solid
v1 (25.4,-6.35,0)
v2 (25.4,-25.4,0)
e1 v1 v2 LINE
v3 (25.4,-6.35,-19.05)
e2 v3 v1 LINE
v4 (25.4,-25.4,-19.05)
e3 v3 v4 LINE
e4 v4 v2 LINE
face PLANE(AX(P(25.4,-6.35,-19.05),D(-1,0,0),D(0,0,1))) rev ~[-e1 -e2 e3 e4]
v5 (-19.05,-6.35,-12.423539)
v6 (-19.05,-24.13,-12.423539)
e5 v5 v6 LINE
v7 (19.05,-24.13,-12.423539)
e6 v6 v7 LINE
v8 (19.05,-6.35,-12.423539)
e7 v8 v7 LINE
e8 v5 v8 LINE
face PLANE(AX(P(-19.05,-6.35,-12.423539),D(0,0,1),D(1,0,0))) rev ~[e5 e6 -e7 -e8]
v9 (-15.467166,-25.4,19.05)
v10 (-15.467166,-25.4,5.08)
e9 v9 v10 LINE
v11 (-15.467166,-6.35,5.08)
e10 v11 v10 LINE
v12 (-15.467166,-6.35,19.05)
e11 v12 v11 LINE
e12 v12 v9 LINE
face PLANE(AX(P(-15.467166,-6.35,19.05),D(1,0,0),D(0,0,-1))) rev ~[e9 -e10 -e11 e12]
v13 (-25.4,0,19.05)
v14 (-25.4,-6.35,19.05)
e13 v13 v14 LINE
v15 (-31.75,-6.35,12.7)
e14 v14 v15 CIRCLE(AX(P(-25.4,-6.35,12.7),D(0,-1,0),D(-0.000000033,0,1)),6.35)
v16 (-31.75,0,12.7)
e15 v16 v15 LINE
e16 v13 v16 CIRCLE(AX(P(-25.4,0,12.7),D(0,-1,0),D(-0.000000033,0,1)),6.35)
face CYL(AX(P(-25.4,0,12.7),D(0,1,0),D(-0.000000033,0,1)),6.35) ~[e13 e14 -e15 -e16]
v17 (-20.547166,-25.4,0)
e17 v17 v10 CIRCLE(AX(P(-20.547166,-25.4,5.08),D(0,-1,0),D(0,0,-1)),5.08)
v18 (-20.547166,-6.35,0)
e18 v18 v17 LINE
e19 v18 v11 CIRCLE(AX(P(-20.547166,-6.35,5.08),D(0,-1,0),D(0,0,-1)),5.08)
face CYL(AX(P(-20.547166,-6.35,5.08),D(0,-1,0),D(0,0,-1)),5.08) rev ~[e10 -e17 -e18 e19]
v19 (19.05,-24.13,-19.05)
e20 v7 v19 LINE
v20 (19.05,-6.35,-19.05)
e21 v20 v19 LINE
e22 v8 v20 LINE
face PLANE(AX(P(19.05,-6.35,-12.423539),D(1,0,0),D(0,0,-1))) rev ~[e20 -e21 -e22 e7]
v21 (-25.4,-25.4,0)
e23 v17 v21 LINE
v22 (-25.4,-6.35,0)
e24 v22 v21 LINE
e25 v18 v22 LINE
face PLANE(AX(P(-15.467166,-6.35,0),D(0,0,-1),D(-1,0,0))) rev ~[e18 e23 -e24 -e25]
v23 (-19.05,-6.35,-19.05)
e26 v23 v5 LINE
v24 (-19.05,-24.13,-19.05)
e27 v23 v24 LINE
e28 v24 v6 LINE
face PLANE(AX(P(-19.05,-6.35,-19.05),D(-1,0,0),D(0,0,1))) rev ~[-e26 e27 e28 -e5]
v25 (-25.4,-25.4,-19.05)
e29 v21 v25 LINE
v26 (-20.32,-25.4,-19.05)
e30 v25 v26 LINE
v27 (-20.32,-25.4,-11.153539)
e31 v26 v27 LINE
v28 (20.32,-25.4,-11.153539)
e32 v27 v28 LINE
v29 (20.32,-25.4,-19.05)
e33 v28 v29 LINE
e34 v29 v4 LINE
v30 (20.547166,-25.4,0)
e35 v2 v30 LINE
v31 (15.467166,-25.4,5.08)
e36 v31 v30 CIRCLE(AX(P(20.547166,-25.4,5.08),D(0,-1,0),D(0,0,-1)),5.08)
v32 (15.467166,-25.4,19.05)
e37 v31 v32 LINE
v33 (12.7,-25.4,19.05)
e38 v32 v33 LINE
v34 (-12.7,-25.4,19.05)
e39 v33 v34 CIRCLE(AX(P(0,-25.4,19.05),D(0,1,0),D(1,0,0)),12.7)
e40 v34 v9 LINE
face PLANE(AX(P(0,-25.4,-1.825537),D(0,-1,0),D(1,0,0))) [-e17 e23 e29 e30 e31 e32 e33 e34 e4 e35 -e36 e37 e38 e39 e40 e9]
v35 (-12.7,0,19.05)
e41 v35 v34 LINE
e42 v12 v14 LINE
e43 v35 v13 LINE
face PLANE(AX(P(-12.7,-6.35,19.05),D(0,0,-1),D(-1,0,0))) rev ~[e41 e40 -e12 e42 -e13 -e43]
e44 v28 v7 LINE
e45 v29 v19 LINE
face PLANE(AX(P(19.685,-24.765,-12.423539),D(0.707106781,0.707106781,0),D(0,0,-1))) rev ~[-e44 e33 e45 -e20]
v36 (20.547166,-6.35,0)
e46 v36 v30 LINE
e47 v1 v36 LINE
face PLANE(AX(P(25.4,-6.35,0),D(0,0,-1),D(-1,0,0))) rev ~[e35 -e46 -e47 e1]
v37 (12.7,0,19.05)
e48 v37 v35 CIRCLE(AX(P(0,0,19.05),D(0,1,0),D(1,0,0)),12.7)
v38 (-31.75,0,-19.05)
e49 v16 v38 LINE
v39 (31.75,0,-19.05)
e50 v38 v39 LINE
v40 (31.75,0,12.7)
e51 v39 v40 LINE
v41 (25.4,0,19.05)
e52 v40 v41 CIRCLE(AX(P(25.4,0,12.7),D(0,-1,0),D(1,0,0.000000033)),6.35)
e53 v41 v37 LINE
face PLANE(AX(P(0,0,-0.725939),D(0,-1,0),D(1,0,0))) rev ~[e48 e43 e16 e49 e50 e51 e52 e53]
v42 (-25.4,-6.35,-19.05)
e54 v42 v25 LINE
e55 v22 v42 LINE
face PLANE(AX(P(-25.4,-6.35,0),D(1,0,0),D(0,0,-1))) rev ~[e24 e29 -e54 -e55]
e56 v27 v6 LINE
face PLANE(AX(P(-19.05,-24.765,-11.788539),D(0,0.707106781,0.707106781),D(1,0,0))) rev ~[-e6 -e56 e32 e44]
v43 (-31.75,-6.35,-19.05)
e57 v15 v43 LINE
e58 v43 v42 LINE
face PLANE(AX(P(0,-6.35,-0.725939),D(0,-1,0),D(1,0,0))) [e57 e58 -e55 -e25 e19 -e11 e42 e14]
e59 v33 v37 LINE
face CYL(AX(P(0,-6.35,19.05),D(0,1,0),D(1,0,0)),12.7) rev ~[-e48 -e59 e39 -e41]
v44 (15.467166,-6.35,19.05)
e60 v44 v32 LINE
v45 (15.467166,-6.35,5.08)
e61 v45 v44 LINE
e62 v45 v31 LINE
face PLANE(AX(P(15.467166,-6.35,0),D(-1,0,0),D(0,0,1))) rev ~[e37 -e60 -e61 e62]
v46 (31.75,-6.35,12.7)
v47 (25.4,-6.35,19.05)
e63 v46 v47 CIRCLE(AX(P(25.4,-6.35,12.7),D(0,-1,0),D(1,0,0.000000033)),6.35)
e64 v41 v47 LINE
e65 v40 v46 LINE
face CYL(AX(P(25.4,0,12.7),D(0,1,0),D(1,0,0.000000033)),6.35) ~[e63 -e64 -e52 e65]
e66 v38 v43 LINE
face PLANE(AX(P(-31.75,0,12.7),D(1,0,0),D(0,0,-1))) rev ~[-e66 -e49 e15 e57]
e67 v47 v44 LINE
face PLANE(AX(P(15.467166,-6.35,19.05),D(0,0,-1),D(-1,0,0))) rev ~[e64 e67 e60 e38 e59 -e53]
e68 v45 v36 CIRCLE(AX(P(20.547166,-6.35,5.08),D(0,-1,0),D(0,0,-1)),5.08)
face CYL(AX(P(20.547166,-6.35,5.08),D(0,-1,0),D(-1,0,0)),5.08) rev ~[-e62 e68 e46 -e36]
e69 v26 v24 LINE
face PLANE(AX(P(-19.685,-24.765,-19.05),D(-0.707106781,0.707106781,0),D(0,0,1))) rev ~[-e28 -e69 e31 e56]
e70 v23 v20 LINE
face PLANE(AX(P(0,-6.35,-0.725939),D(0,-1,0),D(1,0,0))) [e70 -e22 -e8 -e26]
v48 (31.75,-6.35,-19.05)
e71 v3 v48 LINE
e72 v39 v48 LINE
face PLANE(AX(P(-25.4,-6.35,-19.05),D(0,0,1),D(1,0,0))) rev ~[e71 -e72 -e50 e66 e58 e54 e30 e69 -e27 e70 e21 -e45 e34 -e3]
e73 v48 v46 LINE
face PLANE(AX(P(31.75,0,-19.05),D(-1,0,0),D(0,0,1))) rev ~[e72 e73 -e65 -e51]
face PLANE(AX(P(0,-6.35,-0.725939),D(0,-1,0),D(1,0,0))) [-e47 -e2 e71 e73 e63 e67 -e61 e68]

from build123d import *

# Parameters (mm, degrees)
F1_DEPTH = 6.35
F3_DEPTH = 19.05
F4_R     = 5.08
F5_SIZE  = 1.27


with BuildPart() as f1:
    # F0 (on Front) → F1 (new body)
    with BuildSketch(Plane.XZ):
        with BuildLine():
            Line((-12.7, 19.05), (-25.4, 19.05))
            ThreePointArc((-25.4, 19.05), (-29.890128, 17.190128), (-31.75, 12.7))
            Line((-31.75, 12.7), (-31.75, -19.05))
            Line((-31.75, -19.05), (31.75, -19.05))
            Line((31.75, -19.05), (31.75, 12.7))
            ThreePointArc((31.75, 12.7), (29.890128, 17.190128), (25.4, 19.05))
            Line((25.4, 19.05), (12.7, 19.05))
            ThreePointArc((12.7, 19.05), (0, 6.35), (-12.7, 19.05))
        make_face()
    extrude(amount=F1_DEPTH)

    # F2 (on face) → F3 (join)
    with BuildSketch(Plane.XZ.offset(6.35)):
        with BuildLine():
            ThreePointArc((12.7, 19.05), (0, 6.35), (-12.7, 19.05))
            Line((-12.7, 19.05), (-15.467166, 19.05))
            Line((-15.467166, 19.05), (-15.467166, 0))
            Line((-15.467166, 0), (-25.4, 0))
            Line((-25.4, 0), (-25.4, -19.05))
            Line((-25.4, -19.05), (-19.05, -19.05))
            Line((-19.05, -19.05), (-19.05, -12.423539))
            Line((-19.05, -12.423539), (19.05, -12.423539))
            Line((19.05, -12.423539), (19.05, -19.05))
            Line((19.05, -19.05), (25.4, -19.05))
            Line((25.4, -19.05), (25.4, 0))
            Line((25.4, 0), (15.467166, 0))
            Line((15.467166, 0), (15.467166, 19.05))
            Line((15.467166, 19.05), (12.7, 19.05))
        make_face()
    extrude(amount=F3_DEPTH)

    # F4
    f4_edges = [f1.edges().sort_by_distance(p)[0] for p in [
        (-15.467166, -15.875, 0),
        (15.467166, -15.875, 0),
    ]]
    fillet(f4_edges, radius=F4_R)

    # F5
    f5_edges = [f1.edges().sort_by_distance(p)[0] for p in [
        (0, -25.4, -12.423539),
        (-19.05, -25.4, -15.736769),
        (19.05, -25.4, -15.736769),
    ]]
    chamfer(f5_edges, length=F5_SIZE)


solid = f1.part
